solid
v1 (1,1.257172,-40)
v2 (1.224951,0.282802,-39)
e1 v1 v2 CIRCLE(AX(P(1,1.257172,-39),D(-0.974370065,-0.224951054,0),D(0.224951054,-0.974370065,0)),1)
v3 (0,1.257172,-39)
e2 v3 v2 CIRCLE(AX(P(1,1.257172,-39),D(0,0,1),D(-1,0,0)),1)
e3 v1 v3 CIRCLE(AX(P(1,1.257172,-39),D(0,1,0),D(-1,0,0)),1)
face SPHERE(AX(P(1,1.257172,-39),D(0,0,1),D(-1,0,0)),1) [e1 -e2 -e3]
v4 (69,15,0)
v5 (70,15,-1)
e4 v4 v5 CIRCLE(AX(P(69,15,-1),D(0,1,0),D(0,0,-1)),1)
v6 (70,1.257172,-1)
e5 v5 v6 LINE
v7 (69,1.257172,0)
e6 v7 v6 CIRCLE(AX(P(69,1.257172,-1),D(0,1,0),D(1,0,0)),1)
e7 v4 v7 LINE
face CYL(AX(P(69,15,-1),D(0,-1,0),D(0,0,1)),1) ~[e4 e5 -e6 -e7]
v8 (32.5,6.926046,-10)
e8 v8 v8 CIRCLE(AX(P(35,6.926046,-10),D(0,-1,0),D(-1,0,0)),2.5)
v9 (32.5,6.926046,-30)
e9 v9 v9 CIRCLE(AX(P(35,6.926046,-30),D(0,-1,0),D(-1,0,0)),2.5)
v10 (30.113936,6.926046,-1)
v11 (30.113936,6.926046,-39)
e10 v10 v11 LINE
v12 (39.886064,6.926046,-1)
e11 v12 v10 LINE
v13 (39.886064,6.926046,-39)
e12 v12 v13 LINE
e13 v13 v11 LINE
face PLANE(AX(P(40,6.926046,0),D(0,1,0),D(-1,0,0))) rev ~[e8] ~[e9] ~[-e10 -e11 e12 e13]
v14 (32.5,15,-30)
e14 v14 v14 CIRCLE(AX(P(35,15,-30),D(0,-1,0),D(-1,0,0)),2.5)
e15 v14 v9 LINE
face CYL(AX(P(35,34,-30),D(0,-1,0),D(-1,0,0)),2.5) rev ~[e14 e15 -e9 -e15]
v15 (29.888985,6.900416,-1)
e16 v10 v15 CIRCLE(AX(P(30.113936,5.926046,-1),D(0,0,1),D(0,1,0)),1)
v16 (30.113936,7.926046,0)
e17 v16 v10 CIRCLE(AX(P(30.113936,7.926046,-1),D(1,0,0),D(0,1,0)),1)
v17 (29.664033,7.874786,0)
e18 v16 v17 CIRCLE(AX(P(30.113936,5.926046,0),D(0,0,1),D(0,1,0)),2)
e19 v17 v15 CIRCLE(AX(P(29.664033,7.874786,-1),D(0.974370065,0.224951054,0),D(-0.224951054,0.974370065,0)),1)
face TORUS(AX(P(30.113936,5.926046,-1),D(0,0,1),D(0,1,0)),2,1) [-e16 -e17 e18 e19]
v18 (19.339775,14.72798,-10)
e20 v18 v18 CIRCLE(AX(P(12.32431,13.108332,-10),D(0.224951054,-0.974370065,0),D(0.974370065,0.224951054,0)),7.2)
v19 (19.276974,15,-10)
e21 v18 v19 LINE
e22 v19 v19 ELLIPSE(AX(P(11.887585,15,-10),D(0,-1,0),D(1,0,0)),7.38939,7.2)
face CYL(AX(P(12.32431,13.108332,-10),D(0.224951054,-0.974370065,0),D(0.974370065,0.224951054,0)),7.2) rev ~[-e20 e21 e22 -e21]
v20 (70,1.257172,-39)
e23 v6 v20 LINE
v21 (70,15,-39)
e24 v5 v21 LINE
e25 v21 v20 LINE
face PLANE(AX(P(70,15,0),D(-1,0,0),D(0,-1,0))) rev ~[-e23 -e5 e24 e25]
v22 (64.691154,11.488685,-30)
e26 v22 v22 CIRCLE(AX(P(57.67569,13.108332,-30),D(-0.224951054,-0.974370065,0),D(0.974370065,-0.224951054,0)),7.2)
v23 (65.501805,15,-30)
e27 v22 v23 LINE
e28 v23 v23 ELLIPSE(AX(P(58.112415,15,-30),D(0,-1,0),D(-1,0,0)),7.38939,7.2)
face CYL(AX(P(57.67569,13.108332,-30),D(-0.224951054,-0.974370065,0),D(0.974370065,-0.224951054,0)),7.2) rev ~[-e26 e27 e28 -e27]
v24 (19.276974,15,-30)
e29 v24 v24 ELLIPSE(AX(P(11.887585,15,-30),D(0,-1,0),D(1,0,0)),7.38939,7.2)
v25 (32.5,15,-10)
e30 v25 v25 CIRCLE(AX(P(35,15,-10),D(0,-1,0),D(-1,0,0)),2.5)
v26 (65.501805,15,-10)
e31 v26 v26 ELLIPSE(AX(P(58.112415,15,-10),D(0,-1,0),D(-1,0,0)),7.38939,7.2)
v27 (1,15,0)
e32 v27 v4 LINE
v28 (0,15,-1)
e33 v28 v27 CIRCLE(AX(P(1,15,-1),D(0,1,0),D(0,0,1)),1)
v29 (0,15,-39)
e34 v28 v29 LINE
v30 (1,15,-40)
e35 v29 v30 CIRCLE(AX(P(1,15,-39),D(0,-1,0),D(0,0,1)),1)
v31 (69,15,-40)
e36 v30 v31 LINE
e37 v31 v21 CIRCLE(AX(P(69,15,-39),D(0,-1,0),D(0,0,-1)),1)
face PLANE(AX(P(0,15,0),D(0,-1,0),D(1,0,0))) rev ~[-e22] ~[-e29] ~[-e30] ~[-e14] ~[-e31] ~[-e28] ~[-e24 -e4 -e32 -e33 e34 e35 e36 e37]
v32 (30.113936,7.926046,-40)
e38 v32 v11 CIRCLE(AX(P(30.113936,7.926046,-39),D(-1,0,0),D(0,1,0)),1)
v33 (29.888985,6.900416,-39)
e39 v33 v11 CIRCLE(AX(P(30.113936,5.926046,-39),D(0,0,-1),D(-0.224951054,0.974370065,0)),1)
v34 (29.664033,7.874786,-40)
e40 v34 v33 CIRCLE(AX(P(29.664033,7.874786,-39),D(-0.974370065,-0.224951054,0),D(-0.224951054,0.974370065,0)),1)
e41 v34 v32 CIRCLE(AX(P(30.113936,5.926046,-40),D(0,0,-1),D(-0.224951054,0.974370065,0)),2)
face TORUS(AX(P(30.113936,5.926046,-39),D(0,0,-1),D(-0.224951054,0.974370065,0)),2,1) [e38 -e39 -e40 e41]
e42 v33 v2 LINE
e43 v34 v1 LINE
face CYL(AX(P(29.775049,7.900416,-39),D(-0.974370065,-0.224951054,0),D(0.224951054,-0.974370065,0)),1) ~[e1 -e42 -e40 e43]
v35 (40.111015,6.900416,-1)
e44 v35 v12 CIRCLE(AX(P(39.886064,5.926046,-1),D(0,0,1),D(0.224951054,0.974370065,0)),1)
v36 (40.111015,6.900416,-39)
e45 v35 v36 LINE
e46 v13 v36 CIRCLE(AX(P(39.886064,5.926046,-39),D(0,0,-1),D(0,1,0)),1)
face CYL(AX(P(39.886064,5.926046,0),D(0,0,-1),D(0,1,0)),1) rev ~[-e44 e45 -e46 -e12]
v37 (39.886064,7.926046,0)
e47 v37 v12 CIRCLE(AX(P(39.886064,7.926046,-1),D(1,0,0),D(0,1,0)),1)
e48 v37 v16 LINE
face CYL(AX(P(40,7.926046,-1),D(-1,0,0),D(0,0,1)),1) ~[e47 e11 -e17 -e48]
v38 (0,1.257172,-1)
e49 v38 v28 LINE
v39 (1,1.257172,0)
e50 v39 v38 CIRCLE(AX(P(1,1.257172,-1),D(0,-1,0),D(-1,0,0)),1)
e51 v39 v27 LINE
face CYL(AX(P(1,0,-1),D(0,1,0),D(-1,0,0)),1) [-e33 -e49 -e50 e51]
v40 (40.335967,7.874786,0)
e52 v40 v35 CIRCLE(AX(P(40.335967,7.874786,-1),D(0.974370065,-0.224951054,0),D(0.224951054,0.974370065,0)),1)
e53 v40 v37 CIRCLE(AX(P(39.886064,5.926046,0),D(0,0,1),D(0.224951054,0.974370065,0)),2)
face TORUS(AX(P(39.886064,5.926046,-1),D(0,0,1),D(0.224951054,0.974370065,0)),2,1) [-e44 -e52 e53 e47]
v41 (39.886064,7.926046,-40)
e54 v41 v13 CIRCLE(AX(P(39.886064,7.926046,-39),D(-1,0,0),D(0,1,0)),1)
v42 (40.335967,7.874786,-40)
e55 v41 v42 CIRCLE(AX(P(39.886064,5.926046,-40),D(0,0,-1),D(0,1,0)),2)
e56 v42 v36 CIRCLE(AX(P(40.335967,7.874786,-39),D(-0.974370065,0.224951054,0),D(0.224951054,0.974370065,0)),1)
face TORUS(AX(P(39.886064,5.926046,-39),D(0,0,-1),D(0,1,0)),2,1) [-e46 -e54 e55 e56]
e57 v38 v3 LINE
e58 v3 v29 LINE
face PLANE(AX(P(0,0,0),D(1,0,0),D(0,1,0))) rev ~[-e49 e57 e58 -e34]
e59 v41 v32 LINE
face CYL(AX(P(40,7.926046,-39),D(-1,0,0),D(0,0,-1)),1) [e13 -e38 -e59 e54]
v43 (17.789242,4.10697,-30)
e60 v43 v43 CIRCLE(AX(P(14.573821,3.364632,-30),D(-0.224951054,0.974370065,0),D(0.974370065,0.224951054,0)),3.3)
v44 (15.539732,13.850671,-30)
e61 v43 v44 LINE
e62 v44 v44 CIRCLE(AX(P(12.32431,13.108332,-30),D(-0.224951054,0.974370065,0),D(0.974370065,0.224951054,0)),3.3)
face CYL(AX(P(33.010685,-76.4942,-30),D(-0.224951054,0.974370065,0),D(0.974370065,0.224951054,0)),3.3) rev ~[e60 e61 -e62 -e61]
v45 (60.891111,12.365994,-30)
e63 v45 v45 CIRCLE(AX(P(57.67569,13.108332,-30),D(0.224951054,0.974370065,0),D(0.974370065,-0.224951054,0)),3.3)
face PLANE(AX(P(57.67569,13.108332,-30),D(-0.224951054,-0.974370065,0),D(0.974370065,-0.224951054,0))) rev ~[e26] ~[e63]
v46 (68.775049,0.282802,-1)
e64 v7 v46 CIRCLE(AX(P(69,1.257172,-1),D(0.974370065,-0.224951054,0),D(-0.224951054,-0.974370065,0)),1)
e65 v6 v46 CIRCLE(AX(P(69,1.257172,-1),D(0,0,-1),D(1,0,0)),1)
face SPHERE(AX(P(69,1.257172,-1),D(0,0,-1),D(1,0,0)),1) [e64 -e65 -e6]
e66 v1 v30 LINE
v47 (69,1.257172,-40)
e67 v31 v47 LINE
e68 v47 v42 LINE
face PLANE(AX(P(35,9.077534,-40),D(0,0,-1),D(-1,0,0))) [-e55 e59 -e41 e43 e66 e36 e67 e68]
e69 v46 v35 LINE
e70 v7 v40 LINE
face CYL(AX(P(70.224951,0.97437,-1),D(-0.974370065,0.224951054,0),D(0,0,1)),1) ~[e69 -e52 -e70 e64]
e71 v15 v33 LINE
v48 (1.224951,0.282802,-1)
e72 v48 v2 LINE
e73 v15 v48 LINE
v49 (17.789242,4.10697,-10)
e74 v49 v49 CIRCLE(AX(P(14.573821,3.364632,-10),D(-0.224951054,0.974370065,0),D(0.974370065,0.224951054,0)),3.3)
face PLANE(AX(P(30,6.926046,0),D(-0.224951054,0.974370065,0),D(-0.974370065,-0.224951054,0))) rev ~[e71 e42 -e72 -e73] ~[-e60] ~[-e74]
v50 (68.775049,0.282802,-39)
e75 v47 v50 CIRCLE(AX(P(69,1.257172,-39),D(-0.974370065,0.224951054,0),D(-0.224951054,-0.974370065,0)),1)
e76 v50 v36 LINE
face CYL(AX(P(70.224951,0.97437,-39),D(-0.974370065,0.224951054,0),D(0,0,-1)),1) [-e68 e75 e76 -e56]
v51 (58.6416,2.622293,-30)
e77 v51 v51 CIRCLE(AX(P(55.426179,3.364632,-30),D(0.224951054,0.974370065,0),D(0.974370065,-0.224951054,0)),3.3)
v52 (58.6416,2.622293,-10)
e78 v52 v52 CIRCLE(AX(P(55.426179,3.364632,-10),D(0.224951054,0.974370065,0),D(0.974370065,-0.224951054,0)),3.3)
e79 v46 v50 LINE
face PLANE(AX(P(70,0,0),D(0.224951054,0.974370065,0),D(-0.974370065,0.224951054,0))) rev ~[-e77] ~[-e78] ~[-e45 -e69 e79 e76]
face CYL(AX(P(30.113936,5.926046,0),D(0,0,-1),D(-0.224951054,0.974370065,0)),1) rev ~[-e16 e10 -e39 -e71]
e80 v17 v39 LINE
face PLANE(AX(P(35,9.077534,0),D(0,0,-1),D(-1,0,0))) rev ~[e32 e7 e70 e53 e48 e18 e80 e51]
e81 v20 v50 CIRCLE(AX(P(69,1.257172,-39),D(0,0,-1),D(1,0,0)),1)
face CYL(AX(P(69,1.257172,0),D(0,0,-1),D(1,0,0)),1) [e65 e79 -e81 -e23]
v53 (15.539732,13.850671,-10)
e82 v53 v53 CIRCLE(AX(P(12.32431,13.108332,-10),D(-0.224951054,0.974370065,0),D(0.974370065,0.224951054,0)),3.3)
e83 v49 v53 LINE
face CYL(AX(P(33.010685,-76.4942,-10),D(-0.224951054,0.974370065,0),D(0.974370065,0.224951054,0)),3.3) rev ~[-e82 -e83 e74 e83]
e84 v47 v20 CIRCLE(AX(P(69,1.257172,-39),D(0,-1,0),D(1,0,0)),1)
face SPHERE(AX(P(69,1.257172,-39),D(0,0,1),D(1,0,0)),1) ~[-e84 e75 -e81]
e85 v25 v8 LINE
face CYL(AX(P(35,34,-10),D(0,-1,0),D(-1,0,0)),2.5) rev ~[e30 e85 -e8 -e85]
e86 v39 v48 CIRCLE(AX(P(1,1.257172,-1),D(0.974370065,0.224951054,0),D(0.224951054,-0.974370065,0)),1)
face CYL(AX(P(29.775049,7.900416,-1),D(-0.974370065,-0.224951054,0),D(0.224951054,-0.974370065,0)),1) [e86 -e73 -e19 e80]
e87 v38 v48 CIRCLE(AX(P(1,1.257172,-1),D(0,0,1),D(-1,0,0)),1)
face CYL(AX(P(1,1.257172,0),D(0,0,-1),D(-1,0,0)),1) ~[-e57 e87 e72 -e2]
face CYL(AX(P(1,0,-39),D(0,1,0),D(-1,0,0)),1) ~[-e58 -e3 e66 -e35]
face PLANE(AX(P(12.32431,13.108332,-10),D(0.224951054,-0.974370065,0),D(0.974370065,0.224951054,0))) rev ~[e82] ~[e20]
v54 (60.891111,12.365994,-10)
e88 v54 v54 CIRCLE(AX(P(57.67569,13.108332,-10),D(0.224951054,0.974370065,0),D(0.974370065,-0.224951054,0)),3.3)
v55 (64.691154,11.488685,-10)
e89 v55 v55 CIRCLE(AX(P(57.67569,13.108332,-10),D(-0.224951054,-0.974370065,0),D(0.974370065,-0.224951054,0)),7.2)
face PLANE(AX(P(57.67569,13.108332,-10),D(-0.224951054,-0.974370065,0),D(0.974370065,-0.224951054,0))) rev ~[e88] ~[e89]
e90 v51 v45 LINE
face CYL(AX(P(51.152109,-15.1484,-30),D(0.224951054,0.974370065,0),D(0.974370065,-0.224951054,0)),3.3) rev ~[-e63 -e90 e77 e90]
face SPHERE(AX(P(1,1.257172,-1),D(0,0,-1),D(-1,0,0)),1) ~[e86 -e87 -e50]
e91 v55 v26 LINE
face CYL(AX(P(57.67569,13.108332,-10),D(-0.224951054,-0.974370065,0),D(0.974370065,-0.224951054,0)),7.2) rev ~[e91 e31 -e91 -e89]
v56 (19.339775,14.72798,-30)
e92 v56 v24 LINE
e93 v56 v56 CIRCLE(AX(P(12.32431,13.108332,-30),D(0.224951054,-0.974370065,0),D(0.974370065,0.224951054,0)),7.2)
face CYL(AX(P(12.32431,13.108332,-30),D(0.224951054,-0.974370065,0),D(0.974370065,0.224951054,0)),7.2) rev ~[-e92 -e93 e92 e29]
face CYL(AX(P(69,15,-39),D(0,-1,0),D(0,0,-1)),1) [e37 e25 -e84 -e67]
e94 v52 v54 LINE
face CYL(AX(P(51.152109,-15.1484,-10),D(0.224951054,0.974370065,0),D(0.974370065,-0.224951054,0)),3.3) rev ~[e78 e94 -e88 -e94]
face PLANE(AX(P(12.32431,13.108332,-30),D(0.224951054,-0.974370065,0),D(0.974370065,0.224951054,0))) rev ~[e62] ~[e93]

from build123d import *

# Parameters (mm, degrees)
BOSS_EXTRUDE1_DEPTH          = 40
F_5_0_5_DIAMETER_HOLE1_D     = 5
F_5_0_5_DIAMETER_HOLE1_DEPTH = 19
F_5_0_5_DIAMETER_HOLE1_TIP   = 1.502151548
FILLET1_R                    = 1
M6_CLEARANCE_HOLE3_D         = 6.6
M6_CLEARANCE_HOLE4_D         = 6.6
M6_CLEARANCE_HOLE4_DEPTH     = 19
M6_CLEARANCE_HOLE4_TIP       = 1.982840043
CUT_EXTRUDE2_START           = -10
SKETCH16_R                   = 7.2
CUT_EXTRUDE2_DEPTH           = 5.615550972
CUT_EXTRUDE3_START           = -10
SKETCH17_R                   = 7.2
CUT_EXTRUDE3_DEPTH           = 5.615550972


with BuildPart() as part:
    # Sketch1 → Boss-Extrude1 (new body)
    with BuildSketch(Plane.XY):
        Polygon((0, 0), (0, 15), (70, 15), (70, 0), (40, 6.926045734), (30, 6.926045734), align=None)
    extrude(amount=-BOSS_EXTRUDE1_DEPTH)

    # Ø5.0 (5) Diameter Hole1
    with Locations(Plane(origin=(0, 15, 0), x_dir=(1, 0, 0), z_dir=(0, 1, 0))):
        with Locations((35, 10), (35, 30)):
            Hole(F_5_0_5_DIAMETER_HOLE1_D / 2, depth=F_5_0_5_DIAMETER_HOLE1_DEPTH)
            with Locations((0, 0, -(F_5_0_5_DIAMETER_HOLE1_DEPTH + F_5_0_5_DIAMETER_HOLE1_TIP / 2))):  # 118° drill point
                Cone(0, F_5_0_5_DIAMETER_HOLE1_D / 2, F_5_0_5_DIAMETER_HOLE1_TIP, mode=Mode.SUBTRACT)

    # Fillet1
    fillet1_edges = [part.edges().sort_by_distance(p)[0] for p in [
        (55, 3.463022867, -40),
        (0, 0, -20),
        (70, 0, -20),
        (40, 6.926045734, -20),
        (30, 6.926045734, -20),
        (70, 7.5, -40),
        (0, 7.5, -40),
        (15, 3.463022867, -40),
        (0, 7.5, 0),
        (70, 7.5, 0),
        (35, 6.926045734, -40),
        (55, 3.463022867, 0),
        (35, 6.926045734, 0),
        (15, 3.463022867, 0),
    ]]
    fillet(fillet1_edges, radius=FILLET1_R)

    # M6 Clearance Hole3 (through all)
    with Locations(Plane(origin=(0, 0, 0), x_dir=(-0.974370065, -0.224951054, 0), z_dir=(0.224951054, -0.974370065, 0))):
        with Locations((-14.957172299, 10), (-14.957172299, 30)):
            Hole(M6_CLEARANCE_HOLE3_D / 2)

    # M6 Clearance Hole4
    with Locations(Plane(origin=(3.54220838, 15.342990138, 0), x_dir=(-0.974370065, 0.224951054, 0), z_dir=(-0.224951054, -0.974370065, 0))):
        with Locations((-53.248732236, 10), (-53.248732236, 30)):
            Hole(M6_CLEARANCE_HOLE4_D / 2, depth=M6_CLEARANCE_HOLE4_DEPTH)
            with Locations((0, 0, -(M6_CLEARANCE_HOLE4_DEPTH + M6_CLEARANCE_HOLE4_TIP / 2))):  # 118° drill point
                Cone(0, M6_CLEARANCE_HOLE4_D / 2, M6_CLEARANCE_HOLE4_TIP, mode=Mode.SUBTRACT)

    # Sketch16 → Cut-Extrude2 (cut, through all)
    with BuildSketch(Plane(origin=(0, 0, 0), x_dir=(0.974370065, 0.224951054, 0), z_dir=(0.224951054, -0.974370065, 0)).offset(CUT_EXTRUDE2_START)):
        with Locations((14.957172299, -10)):
            Circle(SKETCH16_R)
        with Locations((14.957172299, -30)):
            Circle(SKETCH16_R)
    extrude(amount=-CUT_EXTRUDE2_DEPTH, mode=Mode.SUBTRACT)

    # Sketch17 → Cut-Extrude3 (cut, through all)
    with BuildSketch(Plane(origin=(3.54220838, 15.342990138, 0), x_dir=(0.974370065, -0.224951054, 0), z_dir=(-0.224951054, -0.974370065, 0)).offset(CUT_EXTRUDE3_START)):
        with Locations((53.248732236, -10)):
            Circle(SKETCH17_R)
        with Locations((53.248732236, -30)):
            Circle(SKETCH17_R)
    extrude(amount=-CUT_EXTRUDE3_DEPTH, mode=Mode.SUBTRACT)


solid = part.part
